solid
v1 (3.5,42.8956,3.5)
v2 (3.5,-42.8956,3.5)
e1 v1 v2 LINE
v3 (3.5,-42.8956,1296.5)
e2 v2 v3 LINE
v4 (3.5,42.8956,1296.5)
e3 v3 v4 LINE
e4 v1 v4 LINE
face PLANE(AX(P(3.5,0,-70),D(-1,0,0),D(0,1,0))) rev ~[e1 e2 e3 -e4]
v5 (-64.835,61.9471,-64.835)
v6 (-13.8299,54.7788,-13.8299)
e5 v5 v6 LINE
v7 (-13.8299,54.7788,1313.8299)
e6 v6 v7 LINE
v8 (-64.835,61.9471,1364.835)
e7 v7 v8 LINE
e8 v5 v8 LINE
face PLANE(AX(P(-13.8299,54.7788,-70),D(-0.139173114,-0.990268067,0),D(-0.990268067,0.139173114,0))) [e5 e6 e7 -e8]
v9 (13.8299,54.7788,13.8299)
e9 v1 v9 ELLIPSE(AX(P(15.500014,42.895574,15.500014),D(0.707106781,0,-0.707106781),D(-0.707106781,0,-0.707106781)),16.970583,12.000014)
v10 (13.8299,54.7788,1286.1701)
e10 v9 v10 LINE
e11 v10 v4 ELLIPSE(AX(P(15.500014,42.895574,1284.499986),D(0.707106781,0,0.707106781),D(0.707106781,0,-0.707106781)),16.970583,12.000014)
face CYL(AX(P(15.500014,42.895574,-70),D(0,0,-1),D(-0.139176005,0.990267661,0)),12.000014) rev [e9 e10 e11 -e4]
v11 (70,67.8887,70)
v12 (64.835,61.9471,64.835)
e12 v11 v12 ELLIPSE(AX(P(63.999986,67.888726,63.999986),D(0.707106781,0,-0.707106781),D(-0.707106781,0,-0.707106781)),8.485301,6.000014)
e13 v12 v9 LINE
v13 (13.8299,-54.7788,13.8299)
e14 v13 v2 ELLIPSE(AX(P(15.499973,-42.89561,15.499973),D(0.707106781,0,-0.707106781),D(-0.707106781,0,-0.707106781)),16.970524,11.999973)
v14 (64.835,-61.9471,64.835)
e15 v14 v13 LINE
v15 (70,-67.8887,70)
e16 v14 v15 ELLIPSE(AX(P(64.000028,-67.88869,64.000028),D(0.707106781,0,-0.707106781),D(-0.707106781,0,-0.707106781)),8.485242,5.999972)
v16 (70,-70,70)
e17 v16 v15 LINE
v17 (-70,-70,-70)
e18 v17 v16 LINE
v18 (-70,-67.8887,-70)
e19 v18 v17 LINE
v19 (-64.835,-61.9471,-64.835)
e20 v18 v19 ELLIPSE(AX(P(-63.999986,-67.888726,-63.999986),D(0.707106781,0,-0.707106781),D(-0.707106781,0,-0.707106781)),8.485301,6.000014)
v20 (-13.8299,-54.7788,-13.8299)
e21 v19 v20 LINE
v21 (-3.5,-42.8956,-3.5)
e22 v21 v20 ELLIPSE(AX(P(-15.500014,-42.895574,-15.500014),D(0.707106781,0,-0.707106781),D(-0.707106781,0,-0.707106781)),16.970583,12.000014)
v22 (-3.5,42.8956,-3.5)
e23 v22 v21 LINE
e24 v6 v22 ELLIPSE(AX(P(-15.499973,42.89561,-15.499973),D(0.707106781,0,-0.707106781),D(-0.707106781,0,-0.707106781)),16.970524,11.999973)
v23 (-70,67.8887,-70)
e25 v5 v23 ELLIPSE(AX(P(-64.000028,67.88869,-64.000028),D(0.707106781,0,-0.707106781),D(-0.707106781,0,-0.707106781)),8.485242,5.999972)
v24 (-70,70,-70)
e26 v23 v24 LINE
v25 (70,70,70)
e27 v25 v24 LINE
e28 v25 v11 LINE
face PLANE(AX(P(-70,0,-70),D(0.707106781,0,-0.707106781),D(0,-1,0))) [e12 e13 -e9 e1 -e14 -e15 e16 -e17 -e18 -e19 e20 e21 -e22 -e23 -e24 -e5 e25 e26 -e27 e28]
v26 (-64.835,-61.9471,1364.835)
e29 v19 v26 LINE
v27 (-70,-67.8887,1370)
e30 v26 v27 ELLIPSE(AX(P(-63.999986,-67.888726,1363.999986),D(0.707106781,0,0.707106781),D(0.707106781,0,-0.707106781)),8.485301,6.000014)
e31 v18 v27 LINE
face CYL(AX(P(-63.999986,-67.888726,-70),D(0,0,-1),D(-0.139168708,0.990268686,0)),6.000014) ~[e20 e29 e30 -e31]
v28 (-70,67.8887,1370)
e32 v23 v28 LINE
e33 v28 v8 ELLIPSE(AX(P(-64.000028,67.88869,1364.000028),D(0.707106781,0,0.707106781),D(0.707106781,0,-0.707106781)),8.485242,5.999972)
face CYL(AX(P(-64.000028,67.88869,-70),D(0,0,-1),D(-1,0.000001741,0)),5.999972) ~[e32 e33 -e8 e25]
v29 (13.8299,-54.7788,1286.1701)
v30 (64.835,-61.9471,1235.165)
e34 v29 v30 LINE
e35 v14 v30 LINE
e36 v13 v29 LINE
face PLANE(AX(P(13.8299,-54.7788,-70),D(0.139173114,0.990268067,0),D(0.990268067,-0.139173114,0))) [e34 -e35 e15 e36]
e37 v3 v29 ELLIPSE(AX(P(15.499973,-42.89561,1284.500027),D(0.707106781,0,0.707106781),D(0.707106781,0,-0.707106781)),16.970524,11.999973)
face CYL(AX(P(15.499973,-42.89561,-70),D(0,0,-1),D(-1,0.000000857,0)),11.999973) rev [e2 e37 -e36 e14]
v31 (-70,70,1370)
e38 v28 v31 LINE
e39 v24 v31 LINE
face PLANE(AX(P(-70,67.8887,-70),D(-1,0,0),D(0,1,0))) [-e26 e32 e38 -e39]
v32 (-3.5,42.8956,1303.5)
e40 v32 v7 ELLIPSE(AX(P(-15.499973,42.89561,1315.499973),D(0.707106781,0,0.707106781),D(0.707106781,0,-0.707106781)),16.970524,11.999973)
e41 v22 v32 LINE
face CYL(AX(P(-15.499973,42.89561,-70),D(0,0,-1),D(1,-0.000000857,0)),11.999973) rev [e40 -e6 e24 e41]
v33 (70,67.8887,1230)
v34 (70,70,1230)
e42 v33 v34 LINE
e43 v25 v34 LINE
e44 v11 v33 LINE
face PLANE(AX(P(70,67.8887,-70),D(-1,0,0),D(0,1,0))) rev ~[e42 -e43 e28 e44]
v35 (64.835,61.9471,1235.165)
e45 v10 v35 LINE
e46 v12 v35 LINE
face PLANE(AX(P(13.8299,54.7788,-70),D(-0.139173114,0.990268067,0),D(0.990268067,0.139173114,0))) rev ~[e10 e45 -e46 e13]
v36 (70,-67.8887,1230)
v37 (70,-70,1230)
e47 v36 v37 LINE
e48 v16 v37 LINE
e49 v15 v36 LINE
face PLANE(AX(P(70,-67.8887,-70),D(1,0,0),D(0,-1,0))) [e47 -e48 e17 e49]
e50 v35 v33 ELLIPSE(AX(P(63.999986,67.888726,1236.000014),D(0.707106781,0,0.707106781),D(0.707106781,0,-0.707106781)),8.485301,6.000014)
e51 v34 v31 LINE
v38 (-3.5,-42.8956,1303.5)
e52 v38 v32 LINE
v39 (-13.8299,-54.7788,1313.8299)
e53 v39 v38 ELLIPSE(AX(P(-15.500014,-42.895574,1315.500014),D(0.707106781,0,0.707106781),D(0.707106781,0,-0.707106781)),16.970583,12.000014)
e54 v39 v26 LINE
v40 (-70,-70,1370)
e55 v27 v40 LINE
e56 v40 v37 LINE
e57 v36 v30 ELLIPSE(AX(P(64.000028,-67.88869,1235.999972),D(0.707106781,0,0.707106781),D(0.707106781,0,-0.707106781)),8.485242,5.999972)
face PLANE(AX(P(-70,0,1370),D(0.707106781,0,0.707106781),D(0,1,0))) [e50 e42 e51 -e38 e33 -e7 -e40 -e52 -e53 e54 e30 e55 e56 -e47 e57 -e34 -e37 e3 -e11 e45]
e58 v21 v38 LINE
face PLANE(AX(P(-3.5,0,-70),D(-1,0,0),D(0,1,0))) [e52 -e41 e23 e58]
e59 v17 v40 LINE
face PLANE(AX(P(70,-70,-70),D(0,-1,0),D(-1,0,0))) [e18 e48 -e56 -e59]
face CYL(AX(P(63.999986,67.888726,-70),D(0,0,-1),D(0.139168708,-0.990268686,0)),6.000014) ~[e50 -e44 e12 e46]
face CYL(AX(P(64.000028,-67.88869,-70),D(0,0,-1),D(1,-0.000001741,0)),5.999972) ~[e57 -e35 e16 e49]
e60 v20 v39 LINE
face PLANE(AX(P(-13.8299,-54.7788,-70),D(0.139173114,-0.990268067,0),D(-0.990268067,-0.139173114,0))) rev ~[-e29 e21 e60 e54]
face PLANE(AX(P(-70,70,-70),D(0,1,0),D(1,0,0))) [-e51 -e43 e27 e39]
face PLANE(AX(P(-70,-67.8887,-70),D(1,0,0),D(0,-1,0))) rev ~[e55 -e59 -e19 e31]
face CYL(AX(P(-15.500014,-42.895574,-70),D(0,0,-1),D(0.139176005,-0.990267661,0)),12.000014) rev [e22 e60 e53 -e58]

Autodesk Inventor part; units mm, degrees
ref_plane "Начальная плоскость" through (0, 0, -70) normal (0, 0, 1) x (1, 0, 0)
ref_plane "Конечная плоскость" through (0, 0, 1370) normal (0, 0, 1) x (1, 0, 0)
sketch "Эскиз" plane through (0, 0, 0) normal (0, 0, 1) x (1, 0, 0)
  line L0 (-3.5, 0) -> (-3.5, -42.8956)
  line L1 (-13.8299, -54.7788) -> (-64.835, -61.9471)
  line L2 (-70, -67.8887) -> (-70, -70)
  line L3 (-70, -70) -> (0, -70)
  line L4 (-36.75, -70) -> (-36.75, -58) construction
  line L5 (-61.3329, 0) -> (81.7772, 0) construction
  line L6 (0, 0) -> (0, -70) construction
  line L7 (0, -60) -> (0, 80) construction
  line L8 (3.5, 0) -> (3.5, -42.8956)
  line L9 (13.8299, -54.7788) -> (64.835, -61.9471)
  line L10 (70, -67.8887) -> (70, -70)
  line L11 (70, -70) -> (0, -70)
  line L12 (-3.5, 0) -> (0, 0) construction
  line L13 (-3.5, 0) -> (-3.5, 42.8956)
  line L14 (-13.8299, 54.7788) -> (-64.835, 61.9471)
  line L15 (-70, 67.8887) -> (-70, 70)
  line L16 (-70, 70) -> (0, 70)
  line L17 (3.5, 0) -> (3.5, 42.8956)
  line L18 (13.8299, 54.7788) -> (64.835, 61.9471)
  line L19 (70, 67.8887) -> (70, 70)
  line L20 (70, 70) -> (0, 70)
  arc A0 (-70, 67.8887) -> (-64.835, 61.9471) centre (-64, 67.8887) ccw
  arc A1 (64.835, 61.9471) -> (70, 67.8887) centre (64, 67.8887) ccw
  arc A2 (70, -67.8887) -> (64.835, -61.9471) centre (64, -67.8887) ccw
  arc A3 (-64.835, -61.9471) -> (-70, -67.8887) centre (-64, -67.8887) ccw
  arc A4 (-3.5, 42.8956) -> (-13.8299, 54.7788) centre (-15.5, 42.8956) ccw
  arc A5 (13.8299, 54.7788) -> (3.5, 42.8956) centre (15.5, 42.8956) ccw
  arc A6 (3.5, -42.8956) -> (13.8299, -54.7788) centre (15.5, -42.8956) ccw
  arc A7 (-13.8299, -54.7788) -> (-3.5, -42.8956) centre (-15.5, -42.8956) ccw
  line L21 (0, 110) -> (0, -100) construction
  line L22 (-101.6883, 0) -> (112.3548, 0) construction
  point P0 (-3.5, -53.327)
  point P1 (-70, -62.673)
  point P2 (3.5, -53.327)
  point P3 (70, -62.673)
  point P4 (36.75, -70)
  point P5 (36.75, -58)
  point P6 (-3.5, 53.327)
  point P7 (-70, 62.673)
  point P8 (-36.75, 70)
  point P9 (-36.75, 58)
  point P10 (3.5, 53.327)
  point P11 (70, 62.673)
  point P12 (36.75, 58)
  point P13 (36.75, 70)
  dimension "d1" = 12
  dimension "d2" = 33.25
  dimension "d3" = 3.5
  dimension "d4" = 70
  dimension "d9" = 70
  dimension "d14" = 98
  dimension "d15" = 6
  dimension "d16" = 12
extrude "Тело" add sketch "Эскиз" along normal up to surface (1440 mm away) from surface at -70
sketch "Sketch3" plane through (0, 0, 0) normal (0, 0, 1) x (1, 0, 0)
  line L0 (0, 0) -> (10, 0)
ref_plane "Work Plane3" through (0, 0, 0) normal (0, -1, 0) x (1, 0, 0)
sketch "Sketch4" plane through (0, 0, 0) normal (0, -1, 0) x (1, 0, 0)
  line L0 (-2, -70) -> (12, -70)
  line L1 (-2, 1370) -> (12, 1370)
  dimension "d20" = 1440
ref_plane "РабПлоскость4" through (-70, 0, 1370) normal (0.7071, 0, 0.7071) x (0.7071, 0, -0.7071)
split "Разделение1" plane through (-70, 0, 1370) removes the side toward (0.7071, 0, 0.7071)
ref_plane "РабПлоскость5" through (-70, 0, -70) normal (0.7071, 0, -0.7071) x (-0.7071, 0, -0.7071)
split "Разделение2" plane through (-70, 0, -70) removes the side toward (0.7071, 0, -0.7071)
equation "\"d1\" = G_T1"
equation "\"d2\" = -0.25 * G_T + 0.25 * G_W"
equation "\"d3\" = 0.5 * G_T"
equation "\"d4\" = 0.5 * G_W"
equation "\"d9\" = 0.5 * G_H"
equation "\"d14\" = G_NG"
equation "\"d15\" = G_ER"
equation "\"d16\" = G_IR"
equation "\"d5\" = G_L"
equation "\"G_T\" = 7"
equation "\"G_T1\" = 12"
equation "\"G_L\" = d20"
equation "\"G_ER\" = 6"
equation "\"G_IR\" = 12"
equation "\"G_NG\" = 98deg"
equation "\"G_W\" = 140"
equation "\"G_H\" = 140"
properties part number "ISO 657 16 - SC 140 - 1440" material "Сталь, мягкая"
